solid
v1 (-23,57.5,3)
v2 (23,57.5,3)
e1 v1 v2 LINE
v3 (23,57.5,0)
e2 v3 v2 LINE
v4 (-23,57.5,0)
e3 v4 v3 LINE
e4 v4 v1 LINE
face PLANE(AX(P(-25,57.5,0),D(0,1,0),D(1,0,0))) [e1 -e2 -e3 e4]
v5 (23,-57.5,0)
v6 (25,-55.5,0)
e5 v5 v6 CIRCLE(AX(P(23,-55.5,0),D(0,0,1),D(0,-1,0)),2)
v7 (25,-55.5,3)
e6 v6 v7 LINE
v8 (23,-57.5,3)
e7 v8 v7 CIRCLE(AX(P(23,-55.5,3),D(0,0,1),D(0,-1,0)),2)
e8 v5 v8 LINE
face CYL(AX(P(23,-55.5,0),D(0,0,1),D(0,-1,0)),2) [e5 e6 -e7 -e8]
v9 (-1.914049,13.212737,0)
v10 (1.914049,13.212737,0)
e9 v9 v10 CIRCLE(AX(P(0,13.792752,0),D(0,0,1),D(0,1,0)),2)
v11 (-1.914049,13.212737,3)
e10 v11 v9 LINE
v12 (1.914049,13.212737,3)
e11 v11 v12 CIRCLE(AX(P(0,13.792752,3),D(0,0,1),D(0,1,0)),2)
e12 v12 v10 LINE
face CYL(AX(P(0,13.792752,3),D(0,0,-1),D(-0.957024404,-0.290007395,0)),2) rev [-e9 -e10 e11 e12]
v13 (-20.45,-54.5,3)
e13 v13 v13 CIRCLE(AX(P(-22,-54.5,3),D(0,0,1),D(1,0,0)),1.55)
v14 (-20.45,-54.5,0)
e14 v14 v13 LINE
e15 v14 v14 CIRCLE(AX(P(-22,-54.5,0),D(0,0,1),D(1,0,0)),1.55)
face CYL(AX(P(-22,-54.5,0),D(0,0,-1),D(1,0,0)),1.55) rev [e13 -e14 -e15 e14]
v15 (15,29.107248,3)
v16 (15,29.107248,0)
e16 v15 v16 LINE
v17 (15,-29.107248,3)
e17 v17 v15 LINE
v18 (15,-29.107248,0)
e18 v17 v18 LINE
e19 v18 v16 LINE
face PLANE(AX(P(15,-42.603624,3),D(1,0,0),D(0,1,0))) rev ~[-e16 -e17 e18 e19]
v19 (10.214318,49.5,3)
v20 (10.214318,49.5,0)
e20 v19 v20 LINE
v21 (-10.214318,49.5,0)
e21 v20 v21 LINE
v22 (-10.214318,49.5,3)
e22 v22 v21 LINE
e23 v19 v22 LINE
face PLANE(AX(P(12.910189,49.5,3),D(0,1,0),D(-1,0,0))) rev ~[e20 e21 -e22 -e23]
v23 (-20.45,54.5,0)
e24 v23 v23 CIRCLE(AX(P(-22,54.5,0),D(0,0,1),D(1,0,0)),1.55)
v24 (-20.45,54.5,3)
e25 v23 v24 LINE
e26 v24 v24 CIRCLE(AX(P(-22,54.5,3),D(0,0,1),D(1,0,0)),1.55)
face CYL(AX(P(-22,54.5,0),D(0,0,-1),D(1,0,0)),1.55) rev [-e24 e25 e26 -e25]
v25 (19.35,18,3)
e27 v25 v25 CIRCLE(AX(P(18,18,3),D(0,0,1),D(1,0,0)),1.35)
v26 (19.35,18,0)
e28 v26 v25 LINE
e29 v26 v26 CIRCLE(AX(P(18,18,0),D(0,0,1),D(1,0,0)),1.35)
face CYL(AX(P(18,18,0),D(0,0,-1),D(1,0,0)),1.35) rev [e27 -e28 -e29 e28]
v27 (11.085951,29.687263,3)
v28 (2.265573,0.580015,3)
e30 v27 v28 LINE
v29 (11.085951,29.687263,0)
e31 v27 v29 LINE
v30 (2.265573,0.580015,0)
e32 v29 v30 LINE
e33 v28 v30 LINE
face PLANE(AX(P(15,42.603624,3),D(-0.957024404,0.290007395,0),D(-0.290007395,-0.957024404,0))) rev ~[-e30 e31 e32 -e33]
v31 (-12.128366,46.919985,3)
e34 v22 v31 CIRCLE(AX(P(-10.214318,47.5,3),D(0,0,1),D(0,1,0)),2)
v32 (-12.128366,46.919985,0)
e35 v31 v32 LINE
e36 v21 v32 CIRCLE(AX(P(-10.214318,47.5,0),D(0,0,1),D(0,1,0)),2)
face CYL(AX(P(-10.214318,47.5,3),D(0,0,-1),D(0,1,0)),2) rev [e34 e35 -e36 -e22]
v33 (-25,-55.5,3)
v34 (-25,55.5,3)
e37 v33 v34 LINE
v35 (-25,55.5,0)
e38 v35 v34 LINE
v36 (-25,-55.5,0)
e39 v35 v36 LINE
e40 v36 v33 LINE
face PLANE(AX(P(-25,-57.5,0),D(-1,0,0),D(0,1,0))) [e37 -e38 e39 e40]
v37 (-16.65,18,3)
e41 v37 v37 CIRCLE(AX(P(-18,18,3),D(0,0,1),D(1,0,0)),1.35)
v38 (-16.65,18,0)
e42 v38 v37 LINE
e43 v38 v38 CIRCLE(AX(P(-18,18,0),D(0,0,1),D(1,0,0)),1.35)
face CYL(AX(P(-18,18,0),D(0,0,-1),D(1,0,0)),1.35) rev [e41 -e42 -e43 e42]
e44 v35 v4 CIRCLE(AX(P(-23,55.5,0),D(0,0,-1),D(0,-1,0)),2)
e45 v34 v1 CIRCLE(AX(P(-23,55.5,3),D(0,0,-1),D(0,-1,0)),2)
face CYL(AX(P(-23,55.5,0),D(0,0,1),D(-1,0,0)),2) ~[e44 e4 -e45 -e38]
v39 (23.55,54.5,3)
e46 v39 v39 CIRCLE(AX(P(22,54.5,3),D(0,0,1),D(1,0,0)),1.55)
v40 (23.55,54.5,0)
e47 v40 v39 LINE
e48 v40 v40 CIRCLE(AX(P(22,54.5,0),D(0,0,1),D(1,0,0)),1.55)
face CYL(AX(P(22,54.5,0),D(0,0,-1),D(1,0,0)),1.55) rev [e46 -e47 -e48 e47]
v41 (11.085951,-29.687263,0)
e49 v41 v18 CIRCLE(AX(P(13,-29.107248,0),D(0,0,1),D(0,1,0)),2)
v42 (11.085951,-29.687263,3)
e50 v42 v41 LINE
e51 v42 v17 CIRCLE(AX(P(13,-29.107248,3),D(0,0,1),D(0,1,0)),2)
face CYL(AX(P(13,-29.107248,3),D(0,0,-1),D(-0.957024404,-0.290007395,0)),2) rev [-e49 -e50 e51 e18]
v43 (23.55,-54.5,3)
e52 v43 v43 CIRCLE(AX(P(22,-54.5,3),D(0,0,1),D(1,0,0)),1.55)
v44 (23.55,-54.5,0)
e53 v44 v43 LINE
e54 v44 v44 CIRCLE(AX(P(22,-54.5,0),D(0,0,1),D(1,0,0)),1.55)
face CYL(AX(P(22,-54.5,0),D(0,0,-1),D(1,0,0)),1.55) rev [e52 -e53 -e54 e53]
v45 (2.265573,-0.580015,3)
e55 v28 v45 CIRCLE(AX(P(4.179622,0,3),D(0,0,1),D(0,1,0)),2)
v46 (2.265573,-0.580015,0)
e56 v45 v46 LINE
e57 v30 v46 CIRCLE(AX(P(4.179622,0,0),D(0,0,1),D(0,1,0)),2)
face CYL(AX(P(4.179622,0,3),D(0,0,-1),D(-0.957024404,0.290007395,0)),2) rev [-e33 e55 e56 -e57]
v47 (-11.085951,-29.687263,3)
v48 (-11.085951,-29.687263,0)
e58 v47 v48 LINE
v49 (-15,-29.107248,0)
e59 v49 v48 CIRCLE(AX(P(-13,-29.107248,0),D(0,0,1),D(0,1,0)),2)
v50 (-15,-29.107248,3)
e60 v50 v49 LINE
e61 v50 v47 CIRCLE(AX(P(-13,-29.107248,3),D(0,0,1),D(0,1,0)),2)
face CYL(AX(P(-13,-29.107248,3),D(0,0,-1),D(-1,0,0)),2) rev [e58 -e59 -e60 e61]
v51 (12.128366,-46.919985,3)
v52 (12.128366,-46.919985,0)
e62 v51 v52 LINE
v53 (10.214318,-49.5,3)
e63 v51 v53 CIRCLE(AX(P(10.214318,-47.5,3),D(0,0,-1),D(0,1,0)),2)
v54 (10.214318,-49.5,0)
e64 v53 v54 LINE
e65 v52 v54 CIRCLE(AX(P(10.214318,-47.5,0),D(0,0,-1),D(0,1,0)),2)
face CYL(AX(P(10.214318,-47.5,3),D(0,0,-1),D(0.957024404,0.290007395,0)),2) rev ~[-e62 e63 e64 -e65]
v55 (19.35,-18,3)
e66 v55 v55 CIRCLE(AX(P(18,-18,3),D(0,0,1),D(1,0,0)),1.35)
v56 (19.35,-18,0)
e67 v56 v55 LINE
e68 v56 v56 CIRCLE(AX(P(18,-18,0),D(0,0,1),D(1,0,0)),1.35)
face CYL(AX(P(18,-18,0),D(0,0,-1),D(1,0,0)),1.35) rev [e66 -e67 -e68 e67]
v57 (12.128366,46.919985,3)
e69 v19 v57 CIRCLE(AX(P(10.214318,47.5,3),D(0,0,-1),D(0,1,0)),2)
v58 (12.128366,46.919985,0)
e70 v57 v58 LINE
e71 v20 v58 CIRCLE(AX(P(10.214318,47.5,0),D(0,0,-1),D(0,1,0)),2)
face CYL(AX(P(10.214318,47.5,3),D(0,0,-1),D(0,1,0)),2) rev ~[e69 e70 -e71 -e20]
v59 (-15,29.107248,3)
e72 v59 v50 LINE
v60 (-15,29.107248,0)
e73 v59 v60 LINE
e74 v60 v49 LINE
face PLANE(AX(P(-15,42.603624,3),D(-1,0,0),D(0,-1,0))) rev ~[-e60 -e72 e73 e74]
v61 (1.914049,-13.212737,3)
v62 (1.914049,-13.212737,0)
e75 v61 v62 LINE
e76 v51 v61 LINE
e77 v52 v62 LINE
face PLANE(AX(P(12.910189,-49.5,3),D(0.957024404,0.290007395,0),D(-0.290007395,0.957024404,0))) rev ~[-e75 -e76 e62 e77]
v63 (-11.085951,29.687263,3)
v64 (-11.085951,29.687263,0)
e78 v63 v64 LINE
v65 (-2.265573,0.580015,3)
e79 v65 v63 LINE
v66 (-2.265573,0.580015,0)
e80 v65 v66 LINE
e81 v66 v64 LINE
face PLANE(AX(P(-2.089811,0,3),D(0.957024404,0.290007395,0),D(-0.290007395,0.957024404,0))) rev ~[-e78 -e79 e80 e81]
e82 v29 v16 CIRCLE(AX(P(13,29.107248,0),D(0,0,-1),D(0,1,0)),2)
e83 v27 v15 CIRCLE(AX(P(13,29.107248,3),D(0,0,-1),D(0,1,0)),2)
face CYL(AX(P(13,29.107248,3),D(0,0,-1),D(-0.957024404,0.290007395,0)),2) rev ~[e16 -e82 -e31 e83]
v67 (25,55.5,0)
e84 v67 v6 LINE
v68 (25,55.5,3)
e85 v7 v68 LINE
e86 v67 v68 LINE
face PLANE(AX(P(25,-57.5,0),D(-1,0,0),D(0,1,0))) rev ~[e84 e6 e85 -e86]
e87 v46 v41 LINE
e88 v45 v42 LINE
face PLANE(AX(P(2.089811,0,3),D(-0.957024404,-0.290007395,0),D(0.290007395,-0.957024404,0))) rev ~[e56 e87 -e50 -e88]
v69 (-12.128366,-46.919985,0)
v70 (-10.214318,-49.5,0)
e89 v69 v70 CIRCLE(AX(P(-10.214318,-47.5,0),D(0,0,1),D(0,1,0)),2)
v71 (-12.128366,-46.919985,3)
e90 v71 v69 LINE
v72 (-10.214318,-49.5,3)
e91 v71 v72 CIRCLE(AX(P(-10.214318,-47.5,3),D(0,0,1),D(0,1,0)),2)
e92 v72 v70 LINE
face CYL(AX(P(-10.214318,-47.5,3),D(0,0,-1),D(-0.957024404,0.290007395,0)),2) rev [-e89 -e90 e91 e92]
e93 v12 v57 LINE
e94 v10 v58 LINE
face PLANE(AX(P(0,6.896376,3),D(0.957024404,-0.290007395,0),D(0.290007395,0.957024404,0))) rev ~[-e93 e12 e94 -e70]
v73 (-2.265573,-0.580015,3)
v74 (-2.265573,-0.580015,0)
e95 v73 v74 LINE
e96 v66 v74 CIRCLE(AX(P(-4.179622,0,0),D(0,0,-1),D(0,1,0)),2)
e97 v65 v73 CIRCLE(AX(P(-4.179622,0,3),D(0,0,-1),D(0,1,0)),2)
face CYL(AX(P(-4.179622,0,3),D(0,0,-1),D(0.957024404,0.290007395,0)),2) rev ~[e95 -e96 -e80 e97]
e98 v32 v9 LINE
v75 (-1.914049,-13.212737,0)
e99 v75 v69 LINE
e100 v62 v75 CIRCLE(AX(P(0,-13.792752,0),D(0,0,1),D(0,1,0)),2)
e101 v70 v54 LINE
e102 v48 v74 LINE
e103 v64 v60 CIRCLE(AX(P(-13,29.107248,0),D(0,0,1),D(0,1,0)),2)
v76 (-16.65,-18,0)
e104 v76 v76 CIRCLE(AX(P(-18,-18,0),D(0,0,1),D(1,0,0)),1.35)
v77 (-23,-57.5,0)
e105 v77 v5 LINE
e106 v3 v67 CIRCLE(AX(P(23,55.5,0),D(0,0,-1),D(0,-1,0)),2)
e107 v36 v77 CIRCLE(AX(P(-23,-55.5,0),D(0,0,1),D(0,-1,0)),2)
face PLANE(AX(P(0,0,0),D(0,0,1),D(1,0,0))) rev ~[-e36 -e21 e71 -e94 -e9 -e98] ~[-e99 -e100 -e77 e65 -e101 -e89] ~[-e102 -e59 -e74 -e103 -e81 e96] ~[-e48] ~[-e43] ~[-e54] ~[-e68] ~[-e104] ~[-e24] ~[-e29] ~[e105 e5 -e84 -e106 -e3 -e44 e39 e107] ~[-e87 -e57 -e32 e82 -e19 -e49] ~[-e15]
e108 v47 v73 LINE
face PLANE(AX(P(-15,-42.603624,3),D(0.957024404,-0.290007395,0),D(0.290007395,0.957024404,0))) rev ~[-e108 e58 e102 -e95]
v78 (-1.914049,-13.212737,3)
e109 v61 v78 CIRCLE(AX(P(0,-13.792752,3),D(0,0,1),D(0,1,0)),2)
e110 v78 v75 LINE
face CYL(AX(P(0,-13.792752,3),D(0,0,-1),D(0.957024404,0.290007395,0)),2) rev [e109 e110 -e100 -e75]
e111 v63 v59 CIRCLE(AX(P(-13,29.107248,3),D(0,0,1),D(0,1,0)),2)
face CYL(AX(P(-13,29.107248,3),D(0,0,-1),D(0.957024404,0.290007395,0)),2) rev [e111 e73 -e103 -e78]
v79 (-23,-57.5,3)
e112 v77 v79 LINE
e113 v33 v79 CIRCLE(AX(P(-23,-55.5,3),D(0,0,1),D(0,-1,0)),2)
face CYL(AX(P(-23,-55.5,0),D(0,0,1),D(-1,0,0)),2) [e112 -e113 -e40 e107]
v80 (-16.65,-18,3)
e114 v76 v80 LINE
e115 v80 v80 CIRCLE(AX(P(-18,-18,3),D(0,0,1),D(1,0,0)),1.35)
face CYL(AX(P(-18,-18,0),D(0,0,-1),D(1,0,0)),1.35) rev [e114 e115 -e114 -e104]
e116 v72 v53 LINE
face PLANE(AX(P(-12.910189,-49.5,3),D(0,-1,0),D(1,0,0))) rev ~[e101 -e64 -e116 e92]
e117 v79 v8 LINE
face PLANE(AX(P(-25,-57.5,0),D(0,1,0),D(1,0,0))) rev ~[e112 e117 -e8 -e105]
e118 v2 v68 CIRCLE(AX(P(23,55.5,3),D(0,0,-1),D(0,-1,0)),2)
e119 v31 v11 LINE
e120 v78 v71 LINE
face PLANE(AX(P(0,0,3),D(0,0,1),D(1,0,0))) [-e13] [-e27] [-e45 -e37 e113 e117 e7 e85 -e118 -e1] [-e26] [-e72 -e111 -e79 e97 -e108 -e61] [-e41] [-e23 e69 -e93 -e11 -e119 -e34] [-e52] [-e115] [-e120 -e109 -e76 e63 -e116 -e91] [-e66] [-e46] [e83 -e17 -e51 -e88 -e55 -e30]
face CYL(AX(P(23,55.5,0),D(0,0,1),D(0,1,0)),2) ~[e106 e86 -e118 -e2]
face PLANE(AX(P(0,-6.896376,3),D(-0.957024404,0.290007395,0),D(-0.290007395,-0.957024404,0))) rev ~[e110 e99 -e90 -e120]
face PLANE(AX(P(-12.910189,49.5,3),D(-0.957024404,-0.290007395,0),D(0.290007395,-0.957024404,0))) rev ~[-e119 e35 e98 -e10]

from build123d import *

# Parameters (mm, degrees)
SKETCH_1_W          = 50
SKETCH_1_H          = 50
SKETCH_1_R          = 1.35
EXTRUDE_1_DEPTH     = 3
EXTRUDE_START       = -3
SKETCH_2_W          = 50
SKETCH_2_H          = 115
SKETCH_2_R          = 1.35
SKETCH_2_R_2        = 1.55
EXTRUDE_2_DEPTH     = 3
CUT_EXTRUDE_1_DEPTH = 63.77141069
FILLET_2_R          = 2


with BuildPart() as part:
    # 草图1 → 凸台-拉伸1 (new body)
    with BuildSketch(Plane.XY):
        Rectangle(SKETCH_1_W, SKETCH_1_H)
        with Locations((18, 18)):
            Circle(SKETCH_1_R, mode=Mode.SUBTRACT)
        with Locations((-18, 18)):
            Circle(SKETCH_1_R, mode=Mode.SUBTRACT)
        with Locations((-18, -18)):
            Circle(SKETCH_1_R, mode=Mode.SUBTRACT)
        with Locations((18, -18)):
            Circle(SKETCH_1_R, mode=Mode.SUBTRACT)
    extrude(amount=EXTRUDE_1_DEPTH)

    # 草图2 → 凸台-拉伸2 (add)
    with BuildSketch(Plane.XY.offset(3).offset(EXTRUDE_START)):
        Rectangle(SKETCH_2_W, SKETCH_2_H)
        with Locations((18, 18)):
            Circle(SKETCH_2_R, mode=Mode.SUBTRACT)
        with Locations((18, -18)):
            Circle(SKETCH_2_R, mode=Mode.SUBTRACT)
        with Locations((-18, -18)):
            Circle(SKETCH_2_R, mode=Mode.SUBTRACT)
        with Locations((-18, 18)):
            Circle(SKETCH_2_R, mode=Mode.SUBTRACT)
        with Locations((-22, 54.5)):
            Circle(SKETCH_2_R_2, mode=Mode.SUBTRACT)
        with Locations((22, 54.5)):
            Circle(SKETCH_2_R_2, mode=Mode.SUBTRACT)
        with Locations((-22, -54.5)):
            Circle(SKETCH_2_R_2, mode=Mode.SUBTRACT)
        with Locations((22, -54.5)):
            Circle(SKETCH_2_R_2, mode=Mode.SUBTRACT)
    extrude(amount=EXTRUDE_2_DEPTH)

    # 草图8 → 切除-拉伸1 (cut, through all)
    with BuildSketch(Plane.XY.offset(3)):
        Polygon((12.910189133, -49.5), (0, -6.89637586), (-12.910189133, -49.5), align=None)
        Polygon((15, 42.60362414), (2.089810867, 0), (15, -42.60362414), align=None)
        Polygon((12.910189133, 49.5), (-12.910189133, 49.5), (0, 6.89637586), align=None)
        Polygon((-2.089810867, 0), (-15, 42.60362414), (-15, -42.60362414), align=None)
    extrude(amount=-CUT_EXTRUDE_1_DEPTH, mode=Mode.SUBTRACT)

    # 圆角2
    fillet_2_edges = [part.edges().sort_by_distance(p)[0] for p in [
        (25, 57.5, 1.5),
        (-25, -57.5, 1.5),
        (25, -57.5, 1.5),
        (-25, 57.5, 1.5),
        (0, 6.89637586, 1.5),
        (-12.910189133, 49.5, 1.5),
        (12.910189133, 49.5, 1.5),
        (2.089810867, 0, 1.5),
        (15, 42.60362414, 1.5),
        (15, -42.60362414, 1.5),
        (-15, -42.60362414, 1.5),
        (-15, 42.60362414, 1.5),
        (-2.089810867, 0, 1.5),
        (-12.910189133, -49.5, 1.5),
        (0, -6.89637586, 1.5),
        (12.910189133, -49.5, 1.5),
    ]]
    fillet(fillet_2_edges, radius=FILLET_2_R)


solid = part.part
